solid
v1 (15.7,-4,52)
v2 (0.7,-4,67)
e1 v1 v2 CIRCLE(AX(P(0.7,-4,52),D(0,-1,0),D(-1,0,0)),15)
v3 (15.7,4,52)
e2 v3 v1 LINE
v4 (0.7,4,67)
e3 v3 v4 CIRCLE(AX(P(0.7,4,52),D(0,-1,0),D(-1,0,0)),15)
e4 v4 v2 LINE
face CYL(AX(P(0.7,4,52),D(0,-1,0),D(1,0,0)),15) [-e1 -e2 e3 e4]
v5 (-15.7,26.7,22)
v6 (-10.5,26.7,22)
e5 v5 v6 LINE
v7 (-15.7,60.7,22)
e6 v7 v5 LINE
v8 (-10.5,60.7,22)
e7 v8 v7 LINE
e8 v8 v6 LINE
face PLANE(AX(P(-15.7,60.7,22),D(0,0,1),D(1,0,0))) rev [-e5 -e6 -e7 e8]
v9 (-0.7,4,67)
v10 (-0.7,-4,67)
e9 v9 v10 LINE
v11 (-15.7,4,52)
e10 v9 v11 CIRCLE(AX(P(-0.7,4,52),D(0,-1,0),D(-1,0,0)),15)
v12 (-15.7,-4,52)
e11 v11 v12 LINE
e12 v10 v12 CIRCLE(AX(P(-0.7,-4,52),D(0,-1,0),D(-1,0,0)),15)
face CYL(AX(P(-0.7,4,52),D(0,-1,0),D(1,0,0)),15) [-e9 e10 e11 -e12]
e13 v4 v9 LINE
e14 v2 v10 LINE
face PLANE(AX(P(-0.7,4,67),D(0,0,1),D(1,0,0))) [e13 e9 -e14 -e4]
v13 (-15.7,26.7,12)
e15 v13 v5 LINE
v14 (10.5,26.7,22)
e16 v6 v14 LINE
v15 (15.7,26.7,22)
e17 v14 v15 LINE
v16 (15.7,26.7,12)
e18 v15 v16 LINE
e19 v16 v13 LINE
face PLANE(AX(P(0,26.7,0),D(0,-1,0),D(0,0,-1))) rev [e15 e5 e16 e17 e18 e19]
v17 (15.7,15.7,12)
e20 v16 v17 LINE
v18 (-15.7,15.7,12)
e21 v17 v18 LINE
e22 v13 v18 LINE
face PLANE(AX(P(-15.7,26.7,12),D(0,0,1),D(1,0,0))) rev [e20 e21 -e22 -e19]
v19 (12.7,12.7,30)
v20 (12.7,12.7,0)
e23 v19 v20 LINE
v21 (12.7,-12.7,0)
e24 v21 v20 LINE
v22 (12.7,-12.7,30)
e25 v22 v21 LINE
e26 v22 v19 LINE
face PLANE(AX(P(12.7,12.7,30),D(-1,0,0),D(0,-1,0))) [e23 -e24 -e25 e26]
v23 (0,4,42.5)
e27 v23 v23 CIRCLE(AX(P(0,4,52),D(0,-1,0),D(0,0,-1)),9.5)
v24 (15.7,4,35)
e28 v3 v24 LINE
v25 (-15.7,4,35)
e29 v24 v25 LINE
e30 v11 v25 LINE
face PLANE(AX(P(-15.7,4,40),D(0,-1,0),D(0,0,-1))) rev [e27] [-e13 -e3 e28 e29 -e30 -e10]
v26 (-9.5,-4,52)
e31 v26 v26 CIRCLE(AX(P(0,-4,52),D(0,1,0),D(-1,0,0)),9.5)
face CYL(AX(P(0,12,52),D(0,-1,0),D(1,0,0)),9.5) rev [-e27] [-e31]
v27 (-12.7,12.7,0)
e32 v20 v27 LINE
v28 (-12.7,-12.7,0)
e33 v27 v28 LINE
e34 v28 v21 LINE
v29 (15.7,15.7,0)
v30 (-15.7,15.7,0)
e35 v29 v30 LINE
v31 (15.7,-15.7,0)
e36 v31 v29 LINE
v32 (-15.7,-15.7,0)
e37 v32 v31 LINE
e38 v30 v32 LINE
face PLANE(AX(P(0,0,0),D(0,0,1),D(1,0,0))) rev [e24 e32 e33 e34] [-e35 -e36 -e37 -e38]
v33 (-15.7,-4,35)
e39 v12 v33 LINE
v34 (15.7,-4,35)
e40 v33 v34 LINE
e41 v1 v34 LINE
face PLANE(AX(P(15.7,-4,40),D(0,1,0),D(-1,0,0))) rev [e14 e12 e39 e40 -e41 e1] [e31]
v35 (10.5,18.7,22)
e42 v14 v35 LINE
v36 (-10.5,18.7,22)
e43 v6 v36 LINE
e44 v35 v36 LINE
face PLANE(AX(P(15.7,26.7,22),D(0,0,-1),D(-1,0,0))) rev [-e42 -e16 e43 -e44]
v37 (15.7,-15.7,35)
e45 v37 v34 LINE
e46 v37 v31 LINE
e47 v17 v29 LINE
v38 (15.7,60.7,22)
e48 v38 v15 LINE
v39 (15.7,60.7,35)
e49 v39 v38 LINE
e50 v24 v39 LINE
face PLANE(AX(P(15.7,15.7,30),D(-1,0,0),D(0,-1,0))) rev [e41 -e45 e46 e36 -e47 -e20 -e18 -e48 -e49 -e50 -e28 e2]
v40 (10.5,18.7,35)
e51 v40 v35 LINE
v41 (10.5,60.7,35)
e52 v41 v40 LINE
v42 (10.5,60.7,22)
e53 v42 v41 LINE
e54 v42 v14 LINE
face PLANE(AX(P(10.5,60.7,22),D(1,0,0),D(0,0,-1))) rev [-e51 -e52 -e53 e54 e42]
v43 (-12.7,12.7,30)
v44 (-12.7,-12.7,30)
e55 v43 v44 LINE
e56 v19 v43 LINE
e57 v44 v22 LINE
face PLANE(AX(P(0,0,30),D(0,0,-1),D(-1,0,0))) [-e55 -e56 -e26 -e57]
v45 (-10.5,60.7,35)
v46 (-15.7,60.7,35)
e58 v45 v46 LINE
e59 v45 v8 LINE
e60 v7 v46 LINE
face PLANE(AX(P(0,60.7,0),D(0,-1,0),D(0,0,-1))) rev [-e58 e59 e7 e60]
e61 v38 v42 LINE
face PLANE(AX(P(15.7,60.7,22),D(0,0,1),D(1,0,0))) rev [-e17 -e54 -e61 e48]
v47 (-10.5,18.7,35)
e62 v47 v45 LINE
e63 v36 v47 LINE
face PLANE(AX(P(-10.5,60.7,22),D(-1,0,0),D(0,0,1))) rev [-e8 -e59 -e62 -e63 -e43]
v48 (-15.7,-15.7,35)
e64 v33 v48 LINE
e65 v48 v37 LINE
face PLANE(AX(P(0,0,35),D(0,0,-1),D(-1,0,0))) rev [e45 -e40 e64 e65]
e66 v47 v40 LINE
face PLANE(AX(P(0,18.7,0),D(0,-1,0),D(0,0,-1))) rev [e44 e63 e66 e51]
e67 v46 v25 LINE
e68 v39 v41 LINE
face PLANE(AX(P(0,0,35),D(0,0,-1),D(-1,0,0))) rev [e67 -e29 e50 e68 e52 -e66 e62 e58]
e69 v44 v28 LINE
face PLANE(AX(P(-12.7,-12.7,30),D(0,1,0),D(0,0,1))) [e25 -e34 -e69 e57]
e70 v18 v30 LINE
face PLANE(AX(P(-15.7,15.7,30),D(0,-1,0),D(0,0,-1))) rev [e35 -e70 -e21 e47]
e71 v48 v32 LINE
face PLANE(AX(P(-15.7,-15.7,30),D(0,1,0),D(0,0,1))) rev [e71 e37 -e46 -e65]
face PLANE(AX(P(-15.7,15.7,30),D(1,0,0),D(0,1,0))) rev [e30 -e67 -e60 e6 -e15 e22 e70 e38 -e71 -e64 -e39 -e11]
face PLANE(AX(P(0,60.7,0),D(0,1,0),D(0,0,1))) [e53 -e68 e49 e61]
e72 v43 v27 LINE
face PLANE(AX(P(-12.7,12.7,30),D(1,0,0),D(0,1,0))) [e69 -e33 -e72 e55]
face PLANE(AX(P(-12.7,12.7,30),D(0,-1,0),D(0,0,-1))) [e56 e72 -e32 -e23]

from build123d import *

# Parameters (mm, degrees)
SKETCH4_W            = 31.4
SKETCH4_H            = 31.4
SKETCH4_W_2          = 25.4
SKETCH4_H_2          = 25.4
BOSS_EXTRUDE3_DEPTH  = 30
SKETCH5_W            = 31.4
SKETCH5_H            = 31.4
BOSS_EXTRUDE4_DEPTH  = 5
SKETCH6_W            = 31.4
SKETCH6_H            = 8
BOSS_EXTRUDE5_DEPTH  = 5
BOSS_EXTRUDE6_DEPTH  = 8
SKETCH8_R            = 9.5
BOSS_EXTRUDE7_DEPTH  = 8
SKETCH9_W            = 31.4
SKETCH9_H            = 10
BOSS_EXTRUDE8_DEPTH  = 5
SKETCH10_W           = 31.4
SKETCH10_H           = 10
BOSS_EXTRUDE9_DEPTH  = 11
SKETCH11_W           = 5.2
SKETCH11_H           = 10
BOSS_EXTRUDE10_DEPTH = 40
BOSS_EXTRUDE11_DEPTH = 3
CUT_EXTRUDE1_START   = 8
SKETCH8_2_R          = 9.5
CUT_EXTRUDE1_DEPTH   = 24
SKETCH14_W           = 21
SKETCH14_H           = 13
CUT_EXTRUDE2_DEPTH   = 2


with BuildPart() as part:
    # Sketch4 → Boss-Extrude3 (new body)
    with BuildSketch(Plane.XY):
        Rectangle(SKETCH4_W, SKETCH4_H)
        Rectangle(SKETCH4_W_2, SKETCH4_H_2, mode=Mode.SUBTRACT)
    extrude(amount=BOSS_EXTRUDE3_DEPTH)

    # Sketch5 → Boss-Extrude4 (add)
    with BuildSketch(Plane.XY.offset(30)):
        Rectangle(SKETCH5_W, SKETCH5_H)
    extrude(amount=BOSS_EXTRUDE4_DEPTH)

    # Sketch6 → Boss-Extrude5 (add)
    with BuildSketch(Plane.XY.offset(35)):
        Rectangle(SKETCH6_W, SKETCH6_H)
    extrude(amount=BOSS_EXTRUDE5_DEPTH)

    # Sketch7 → Boss-Extrude6 (add)
    with BuildSketch(Plane.XZ.offset(4)):
        with BuildLine():
            Line((-15.7, 40), (-15.7, 52))
            ThreePointArc((-15.7, 52), (-11.306601718, 62.606601718), (-0.7, 67))
            Line((-0.7, 67), (0.7, 67))
            ThreePointArc((0.7, 67), (11.306601718, 62.606601718), (15.7, 52))
            Line((15.7, 52), (15.7, 40))
            Line((15.7, 40), (-15.7, 40))
        make_face()
    extrude(amount=-BOSS_EXTRUDE6_DEPTH)

    # Sketch8 → Boss-Extrude7 (add)
    with BuildSketch(Plane.XZ.offset(4)):
        with Locations((0, 52)):
            Circle(SKETCH8_R)
    boss_extrude7 = extrude(amount=BOSS_EXTRUDE7_DEPTH)

    # Mirror1: Boss-Extrude7 across plane
    add(boss_extrude7.mirror(Plane.ZX))

    # Sketch9 → Boss-Extrude8 (add)
    with BuildSketch(Plane(origin=(0, 15.7, 0), x_dir=(1, 0, 0), z_dir=(0, 1, 0))):
        with Locations((0, -27)):
            Rectangle(SKETCH9_W, SKETCH9_H)
    extrude(amount=BOSS_EXTRUDE8_DEPTH)

    # Sketch10 → Boss-Extrude9 (add)
    with BuildSketch(Plane(origin=(0, 15.7, 0), x_dir=(1, 0, 0), z_dir=(0, 1, 0))):
        with Locations((0, -17)):
            Rectangle(SKETCH10_W, SKETCH10_H)
    extrude(amount=BOSS_EXTRUDE9_DEPTH)

    # Sketch11 → Boss-Extrude10 (add)
    with BuildSketch(Plane(origin=(0, 20.7, 0), x_dir=(1, 0, 0), z_dir=(0, 1, 0))):
        with Locations((-13.1, -27)):
            Rectangle(SKETCH11_W, SKETCH11_H)
        with Locations((13.1, -27)):
            Rectangle(SKETCH11_W, SKETCH11_H)
    extrude(amount=BOSS_EXTRUDE10_DEPTH)

    # Sketch12 → Boss-Extrude11 (add)
    with BuildSketch(Plane.XY.offset(32)):
        Polygon((-15.7, 60.7), (-10.5, 60.7), (-10.5, 20.7), (10.5, 20.7), (10.5, 60.7), (15.7, 60.7), (15.7, 15.7), (-15.7, 15.7), align=None)
    extrude(amount=BOSS_EXTRUDE11_DEPTH)

    # Sketch8<2> → Cut-Extrude1 (cut)
    with BuildSketch(Plane.XZ.offset(4).offset(CUT_EXTRUDE1_START)):
        with Locations((0, 52)):
            Circle(SKETCH8_2_R)
    extrude(amount=-CUT_EXTRUDE1_DEPTH, mode=Mode.SUBTRACT)

    # Sketch14 → Cut-Extrude2 (cut)
    with BuildSketch(Plane(origin=(0, 20.7, 0), x_dir=(1, 0, 0), z_dir=(0, 1, 0))):
        with Locations((0, -28.5)):
            Rectangle(SKETCH14_W, SKETCH14_H)
    extrude(amount=-CUT_EXTRUDE2_DEPTH, mode=Mode.SUBTRACT)


solid = part.part
